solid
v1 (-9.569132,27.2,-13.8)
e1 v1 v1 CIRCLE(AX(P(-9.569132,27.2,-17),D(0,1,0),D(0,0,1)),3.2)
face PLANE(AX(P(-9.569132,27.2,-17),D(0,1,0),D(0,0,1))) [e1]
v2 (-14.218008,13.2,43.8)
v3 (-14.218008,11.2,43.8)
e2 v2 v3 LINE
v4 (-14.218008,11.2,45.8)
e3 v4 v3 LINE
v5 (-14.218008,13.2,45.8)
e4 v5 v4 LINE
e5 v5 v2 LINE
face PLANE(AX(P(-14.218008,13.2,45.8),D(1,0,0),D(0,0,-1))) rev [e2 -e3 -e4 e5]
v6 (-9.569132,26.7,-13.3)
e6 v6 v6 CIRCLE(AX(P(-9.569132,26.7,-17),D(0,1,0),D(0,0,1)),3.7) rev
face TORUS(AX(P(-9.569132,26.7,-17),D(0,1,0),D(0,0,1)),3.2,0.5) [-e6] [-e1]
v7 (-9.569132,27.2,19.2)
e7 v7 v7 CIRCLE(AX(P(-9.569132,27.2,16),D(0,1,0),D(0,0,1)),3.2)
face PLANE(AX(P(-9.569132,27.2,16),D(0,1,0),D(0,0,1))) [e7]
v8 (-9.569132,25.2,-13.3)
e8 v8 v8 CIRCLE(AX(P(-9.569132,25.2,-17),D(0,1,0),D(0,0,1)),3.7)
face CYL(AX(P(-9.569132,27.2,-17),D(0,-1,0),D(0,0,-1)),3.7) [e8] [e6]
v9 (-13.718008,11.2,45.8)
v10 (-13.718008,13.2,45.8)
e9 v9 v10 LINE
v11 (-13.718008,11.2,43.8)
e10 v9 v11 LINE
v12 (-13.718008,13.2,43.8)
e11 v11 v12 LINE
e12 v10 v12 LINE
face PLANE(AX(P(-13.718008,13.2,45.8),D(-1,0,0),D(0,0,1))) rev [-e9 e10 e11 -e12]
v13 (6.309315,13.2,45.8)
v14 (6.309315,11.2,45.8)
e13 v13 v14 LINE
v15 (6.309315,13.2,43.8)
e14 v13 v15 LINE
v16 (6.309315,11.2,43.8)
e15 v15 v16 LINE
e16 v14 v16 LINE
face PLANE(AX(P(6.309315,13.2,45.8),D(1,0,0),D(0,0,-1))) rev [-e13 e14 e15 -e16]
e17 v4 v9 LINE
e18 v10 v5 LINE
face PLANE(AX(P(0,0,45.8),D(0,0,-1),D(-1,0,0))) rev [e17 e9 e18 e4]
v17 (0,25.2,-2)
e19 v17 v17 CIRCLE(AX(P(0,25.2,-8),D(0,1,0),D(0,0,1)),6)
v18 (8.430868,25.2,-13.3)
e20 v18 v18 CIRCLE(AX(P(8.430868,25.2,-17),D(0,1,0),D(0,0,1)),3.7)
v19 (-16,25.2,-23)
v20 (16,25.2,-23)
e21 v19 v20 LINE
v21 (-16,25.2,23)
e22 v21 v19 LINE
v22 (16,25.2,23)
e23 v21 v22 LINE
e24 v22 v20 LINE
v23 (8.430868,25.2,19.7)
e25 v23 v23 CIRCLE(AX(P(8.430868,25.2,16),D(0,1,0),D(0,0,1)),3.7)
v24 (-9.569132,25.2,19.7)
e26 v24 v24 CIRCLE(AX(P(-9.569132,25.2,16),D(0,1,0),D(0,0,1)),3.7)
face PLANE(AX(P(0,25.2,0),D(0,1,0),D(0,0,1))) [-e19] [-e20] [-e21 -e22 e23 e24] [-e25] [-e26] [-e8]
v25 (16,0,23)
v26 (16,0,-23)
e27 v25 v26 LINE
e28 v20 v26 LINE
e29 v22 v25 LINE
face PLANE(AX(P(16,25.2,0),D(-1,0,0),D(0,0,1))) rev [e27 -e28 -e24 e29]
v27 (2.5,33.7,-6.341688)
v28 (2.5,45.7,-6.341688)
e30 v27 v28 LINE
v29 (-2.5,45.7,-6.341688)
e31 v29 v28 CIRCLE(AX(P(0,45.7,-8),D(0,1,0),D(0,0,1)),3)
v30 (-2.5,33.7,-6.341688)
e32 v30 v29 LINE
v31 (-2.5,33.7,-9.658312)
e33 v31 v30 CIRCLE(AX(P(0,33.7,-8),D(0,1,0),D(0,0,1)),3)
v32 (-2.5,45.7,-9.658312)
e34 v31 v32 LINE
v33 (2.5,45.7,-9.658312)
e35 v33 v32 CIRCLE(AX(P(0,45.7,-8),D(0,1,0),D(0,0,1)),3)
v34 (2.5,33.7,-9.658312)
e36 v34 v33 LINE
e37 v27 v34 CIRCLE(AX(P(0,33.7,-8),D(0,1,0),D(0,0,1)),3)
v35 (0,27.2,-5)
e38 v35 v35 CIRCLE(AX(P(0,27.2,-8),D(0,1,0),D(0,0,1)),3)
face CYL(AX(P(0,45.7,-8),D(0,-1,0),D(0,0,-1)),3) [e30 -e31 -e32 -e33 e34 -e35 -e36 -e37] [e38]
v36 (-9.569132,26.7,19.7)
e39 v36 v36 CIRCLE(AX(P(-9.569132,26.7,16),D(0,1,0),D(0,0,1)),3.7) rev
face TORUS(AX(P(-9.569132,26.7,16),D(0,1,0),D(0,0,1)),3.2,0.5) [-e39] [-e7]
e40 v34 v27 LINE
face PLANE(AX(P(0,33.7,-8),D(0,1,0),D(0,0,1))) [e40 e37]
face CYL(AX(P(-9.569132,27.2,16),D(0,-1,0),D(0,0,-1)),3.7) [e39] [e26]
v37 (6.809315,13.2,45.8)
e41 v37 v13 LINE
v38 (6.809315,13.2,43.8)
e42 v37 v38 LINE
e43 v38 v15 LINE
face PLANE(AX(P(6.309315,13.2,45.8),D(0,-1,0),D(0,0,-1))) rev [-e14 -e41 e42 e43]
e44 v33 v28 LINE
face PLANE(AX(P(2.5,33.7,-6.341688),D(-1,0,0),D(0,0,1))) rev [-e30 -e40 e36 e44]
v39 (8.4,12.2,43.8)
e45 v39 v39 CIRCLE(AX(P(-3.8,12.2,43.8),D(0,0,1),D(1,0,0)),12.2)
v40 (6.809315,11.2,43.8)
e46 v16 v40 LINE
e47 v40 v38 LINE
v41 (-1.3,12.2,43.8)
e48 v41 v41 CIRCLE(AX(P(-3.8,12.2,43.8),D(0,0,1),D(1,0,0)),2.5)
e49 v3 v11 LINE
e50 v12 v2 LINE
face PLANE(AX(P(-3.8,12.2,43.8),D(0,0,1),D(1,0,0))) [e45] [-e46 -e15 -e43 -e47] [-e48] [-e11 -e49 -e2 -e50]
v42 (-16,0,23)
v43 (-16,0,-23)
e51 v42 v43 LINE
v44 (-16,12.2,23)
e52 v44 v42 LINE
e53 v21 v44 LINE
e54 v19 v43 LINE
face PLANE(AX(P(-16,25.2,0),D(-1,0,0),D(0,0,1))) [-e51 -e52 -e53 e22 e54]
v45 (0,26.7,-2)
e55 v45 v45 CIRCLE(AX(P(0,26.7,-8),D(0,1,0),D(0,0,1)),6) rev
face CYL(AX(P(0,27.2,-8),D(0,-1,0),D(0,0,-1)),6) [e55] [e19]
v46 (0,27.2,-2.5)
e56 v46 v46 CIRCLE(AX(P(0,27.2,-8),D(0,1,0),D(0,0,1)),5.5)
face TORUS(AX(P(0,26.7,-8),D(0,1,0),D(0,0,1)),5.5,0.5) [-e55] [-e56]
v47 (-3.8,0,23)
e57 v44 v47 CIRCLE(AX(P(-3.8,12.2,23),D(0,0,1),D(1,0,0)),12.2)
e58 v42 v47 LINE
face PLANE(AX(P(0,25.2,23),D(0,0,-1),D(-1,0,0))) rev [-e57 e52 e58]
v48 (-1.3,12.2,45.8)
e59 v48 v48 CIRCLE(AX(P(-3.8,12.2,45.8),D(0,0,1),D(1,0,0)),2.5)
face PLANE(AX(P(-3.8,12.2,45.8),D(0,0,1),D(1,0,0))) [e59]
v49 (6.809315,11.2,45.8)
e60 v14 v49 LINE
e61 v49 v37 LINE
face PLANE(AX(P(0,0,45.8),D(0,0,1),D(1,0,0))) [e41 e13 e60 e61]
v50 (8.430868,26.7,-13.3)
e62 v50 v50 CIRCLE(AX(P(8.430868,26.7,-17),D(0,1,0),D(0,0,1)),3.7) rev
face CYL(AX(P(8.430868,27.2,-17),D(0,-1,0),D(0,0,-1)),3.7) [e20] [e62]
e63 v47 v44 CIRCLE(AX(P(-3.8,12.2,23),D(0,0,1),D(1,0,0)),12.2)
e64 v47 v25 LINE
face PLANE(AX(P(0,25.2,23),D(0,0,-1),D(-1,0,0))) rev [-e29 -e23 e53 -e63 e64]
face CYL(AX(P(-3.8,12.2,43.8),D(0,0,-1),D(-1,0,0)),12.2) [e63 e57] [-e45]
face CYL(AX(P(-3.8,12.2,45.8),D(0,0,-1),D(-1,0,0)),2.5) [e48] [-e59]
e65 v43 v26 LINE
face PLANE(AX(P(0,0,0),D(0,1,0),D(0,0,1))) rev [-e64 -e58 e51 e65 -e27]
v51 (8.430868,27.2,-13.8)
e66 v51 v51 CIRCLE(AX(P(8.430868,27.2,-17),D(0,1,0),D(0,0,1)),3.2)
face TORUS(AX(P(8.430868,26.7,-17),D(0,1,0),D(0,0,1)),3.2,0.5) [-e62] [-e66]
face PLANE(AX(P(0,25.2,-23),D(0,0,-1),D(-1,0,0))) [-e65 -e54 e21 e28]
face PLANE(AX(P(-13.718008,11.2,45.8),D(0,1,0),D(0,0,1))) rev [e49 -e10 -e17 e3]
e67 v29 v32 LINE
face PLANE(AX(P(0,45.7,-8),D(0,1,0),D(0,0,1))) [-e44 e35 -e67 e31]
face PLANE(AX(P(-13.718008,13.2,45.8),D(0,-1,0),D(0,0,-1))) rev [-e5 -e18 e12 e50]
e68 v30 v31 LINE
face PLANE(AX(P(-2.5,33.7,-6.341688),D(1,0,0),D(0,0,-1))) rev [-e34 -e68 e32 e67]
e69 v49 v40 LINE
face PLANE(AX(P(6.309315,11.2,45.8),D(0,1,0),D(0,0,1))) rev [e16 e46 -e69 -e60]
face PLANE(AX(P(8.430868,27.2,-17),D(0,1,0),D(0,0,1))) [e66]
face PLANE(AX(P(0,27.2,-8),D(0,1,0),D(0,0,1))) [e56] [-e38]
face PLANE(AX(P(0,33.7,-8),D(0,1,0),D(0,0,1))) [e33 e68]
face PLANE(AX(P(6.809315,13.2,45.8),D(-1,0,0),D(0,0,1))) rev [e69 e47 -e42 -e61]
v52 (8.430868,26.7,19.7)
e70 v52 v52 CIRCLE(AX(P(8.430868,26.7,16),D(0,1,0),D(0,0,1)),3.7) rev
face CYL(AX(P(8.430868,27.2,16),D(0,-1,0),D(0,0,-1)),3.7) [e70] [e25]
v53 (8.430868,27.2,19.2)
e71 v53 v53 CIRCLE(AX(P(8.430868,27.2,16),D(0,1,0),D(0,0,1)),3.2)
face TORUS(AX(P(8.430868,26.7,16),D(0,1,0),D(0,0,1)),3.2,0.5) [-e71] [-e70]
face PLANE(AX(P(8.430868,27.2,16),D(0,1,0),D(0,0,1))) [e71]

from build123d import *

# Parameters (mm, degrees)
CROQUIS1_W              = 32
CROQUIS1_H              = 46
CROQUIS1_R              = 6
CROQUIS1_R_2            = 3.7
SALIENTE_EXTRUIR1_DEPTH = 25.2
CROQUIS2_R              = 3.7
CROQUIS2_R_2            = 6
SALIENTE_EXTRUIR2_DEPTH = 2
CROQUIS3_R              = 12.2
SALIENTE_EXTRUIR3_DEPTH = 20.8
CROQUIS4_R              = 2.5
SALIENTE_EXTRUIR4_DEPTH = 2
CROQUIS5_W              = 0.5
CROQUIS5_H              = 2
SALIENTE_EXTRUIR5_DEPTH = 2
CROQUIS6_R              = 3
SALIENTE_EXTRUIR6_DEPTH = 18.5
CORTAR_EXTRUIR1_DEPTH   = 12
REDONDEO2_R             = 0.5


with BuildPart() as part:
    # Croquis1 → Saliente-Extruir1 (new body)
    with BuildSketch(Plane(origin=(0, 0, 0), x_dir=(1, 0, 0), z_dir=(0, 1, 0))):
        Rectangle(CROQUIS1_W, CROQUIS1_H)
        with Locations((0, 8)):
            Circle(CROQUIS1_R, mode=Mode.SUBTRACT)
        with Locations((8.430868167, -16)):
            Circle(CROQUIS1_R_2, mode=Mode.SUBTRACT)
        with Locations((-9.569131833, -16)):
            Circle(CROQUIS1_R_2, mode=Mode.SUBTRACT)
        with Locations((8.430868167, 17)):
            Circle(CROQUIS1_R_2, mode=Mode.SUBTRACT)
        with Locations((-9.569131833, 17)):
            Circle(CROQUIS1_R_2, mode=Mode.SUBTRACT)
        with Locations((0, 8)):
            Circle(CROQUIS1_R)
        with Locations((-9.569131833, 17)):
            Circle(CROQUIS1_R_2)
        with Locations((8.430868167, 17)):
            Circle(CROQUIS1_R_2)
        with Locations((-9.569131833, -16)):
            Circle(CROQUIS1_R_2)
        with Locations((8.430868167, -16)):
            Circle(CROQUIS1_R_2)
    extrude(amount=SALIENTE_EXTRUIR1_DEPTH)

    # Croquis2 → Saliente-Extruir2 (add)
    with BuildSketch(Plane(origin=(0, 25.2, 0), x_dir=(1, 0, 0), z_dir=(0, 1, 0))):
        with Locations((-9.569131833, 17)):
            Circle(CROQUIS2_R)
        with Locations((8.430868167, 17)):
            Circle(CROQUIS2_R)
        with Locations((8.430868167, -16)):
            Circle(CROQUIS2_R)
        with Locations((-9.569131833, -16)):
            Circle(CROQUIS2_R)
        with Locations((0, 8)):
            Circle(CROQUIS2_R_2)
    extrude(amount=SALIENTE_EXTRUIR2_DEPTH)

    # Croquis3 → Saliente-Extruir3 (add)
    with BuildSketch(Plane.XY.offset(23)):
        with Locations((-3.8, 12.2)):
            Circle(CROQUIS3_R)
    extrude(amount=SALIENTE_EXTRUIR3_DEPTH)

    # Croquis4 → Saliente-Extruir4 (add)
    with BuildSketch(Plane.XY.offset(43.8)):
        with Locations((-3.8, 12.2)):
            Circle(CROQUIS4_R)
    extrude(amount=SALIENTE_EXTRUIR4_DEPTH)

    # Croquis5 → Saliente-Extruir5 (add)
    with BuildSketch(Plane.XY.offset(43.8)):
        with Locations((6.559315441, 12.2)):
            Rectangle(CROQUIS5_W, CROQUIS5_H)
        with Locations((-13.968008184, 12.2)):
            Rectangle(CROQUIS5_W, CROQUIS5_H)
    extrude(amount=SALIENTE_EXTRUIR5_DEPTH)

    # Croquis6 → Saliente-Extruir6 (add)
    with BuildSketch(Plane(origin=(0, 27.2, 0), x_dir=(1, 0, 0), z_dir=(0, 1, 0))):
        with Locations((0, 8)):
            Circle(CROQUIS6_R)
    extrude(amount=SALIENTE_EXTRUIR6_DEPTH)

    # Croquis7 → Cortar-Extruir1 (cut)
    with BuildSketch(Plane(origin=(0, 45.7, 0), x_dir=(1, 0, 0), z_dir=(0, 1, 0))):
        with BuildLine():
            Line((-2.5, 6.341687605), (-2.5, 9.658312395))
            ThreePointArc((-2.5, 9.658312395), (-3, 8), (-2.5, 6.341687605))
        make_face()
        with BuildLine():
            Line((2.5, 6.341687605), (2.5, 9.658312395))
            ThreePointArc((2.5, 9.658312395), (3, 8), (2.5, 6.341687605))
        make_face()
    extrude(amount=-CORTAR_EXTRUIR1_DEPTH, mode=Mode.SUBTRACT)

    # Redondeo2
    redondeo2_edges = [part.edges().sort_by_distance(p)[0] for p in [
        (-13.269131833, 27.2, -17),
        (4.730868167, 27.2, -17),
        (4.730868167, 27.2, 16),
        (-13.269131833, 27.2, 16),
        (-6, 27.2, -8),
    ]]
    fillet(redondeo2_edges, radius=REDONDEO2_R)


solid = part.part
